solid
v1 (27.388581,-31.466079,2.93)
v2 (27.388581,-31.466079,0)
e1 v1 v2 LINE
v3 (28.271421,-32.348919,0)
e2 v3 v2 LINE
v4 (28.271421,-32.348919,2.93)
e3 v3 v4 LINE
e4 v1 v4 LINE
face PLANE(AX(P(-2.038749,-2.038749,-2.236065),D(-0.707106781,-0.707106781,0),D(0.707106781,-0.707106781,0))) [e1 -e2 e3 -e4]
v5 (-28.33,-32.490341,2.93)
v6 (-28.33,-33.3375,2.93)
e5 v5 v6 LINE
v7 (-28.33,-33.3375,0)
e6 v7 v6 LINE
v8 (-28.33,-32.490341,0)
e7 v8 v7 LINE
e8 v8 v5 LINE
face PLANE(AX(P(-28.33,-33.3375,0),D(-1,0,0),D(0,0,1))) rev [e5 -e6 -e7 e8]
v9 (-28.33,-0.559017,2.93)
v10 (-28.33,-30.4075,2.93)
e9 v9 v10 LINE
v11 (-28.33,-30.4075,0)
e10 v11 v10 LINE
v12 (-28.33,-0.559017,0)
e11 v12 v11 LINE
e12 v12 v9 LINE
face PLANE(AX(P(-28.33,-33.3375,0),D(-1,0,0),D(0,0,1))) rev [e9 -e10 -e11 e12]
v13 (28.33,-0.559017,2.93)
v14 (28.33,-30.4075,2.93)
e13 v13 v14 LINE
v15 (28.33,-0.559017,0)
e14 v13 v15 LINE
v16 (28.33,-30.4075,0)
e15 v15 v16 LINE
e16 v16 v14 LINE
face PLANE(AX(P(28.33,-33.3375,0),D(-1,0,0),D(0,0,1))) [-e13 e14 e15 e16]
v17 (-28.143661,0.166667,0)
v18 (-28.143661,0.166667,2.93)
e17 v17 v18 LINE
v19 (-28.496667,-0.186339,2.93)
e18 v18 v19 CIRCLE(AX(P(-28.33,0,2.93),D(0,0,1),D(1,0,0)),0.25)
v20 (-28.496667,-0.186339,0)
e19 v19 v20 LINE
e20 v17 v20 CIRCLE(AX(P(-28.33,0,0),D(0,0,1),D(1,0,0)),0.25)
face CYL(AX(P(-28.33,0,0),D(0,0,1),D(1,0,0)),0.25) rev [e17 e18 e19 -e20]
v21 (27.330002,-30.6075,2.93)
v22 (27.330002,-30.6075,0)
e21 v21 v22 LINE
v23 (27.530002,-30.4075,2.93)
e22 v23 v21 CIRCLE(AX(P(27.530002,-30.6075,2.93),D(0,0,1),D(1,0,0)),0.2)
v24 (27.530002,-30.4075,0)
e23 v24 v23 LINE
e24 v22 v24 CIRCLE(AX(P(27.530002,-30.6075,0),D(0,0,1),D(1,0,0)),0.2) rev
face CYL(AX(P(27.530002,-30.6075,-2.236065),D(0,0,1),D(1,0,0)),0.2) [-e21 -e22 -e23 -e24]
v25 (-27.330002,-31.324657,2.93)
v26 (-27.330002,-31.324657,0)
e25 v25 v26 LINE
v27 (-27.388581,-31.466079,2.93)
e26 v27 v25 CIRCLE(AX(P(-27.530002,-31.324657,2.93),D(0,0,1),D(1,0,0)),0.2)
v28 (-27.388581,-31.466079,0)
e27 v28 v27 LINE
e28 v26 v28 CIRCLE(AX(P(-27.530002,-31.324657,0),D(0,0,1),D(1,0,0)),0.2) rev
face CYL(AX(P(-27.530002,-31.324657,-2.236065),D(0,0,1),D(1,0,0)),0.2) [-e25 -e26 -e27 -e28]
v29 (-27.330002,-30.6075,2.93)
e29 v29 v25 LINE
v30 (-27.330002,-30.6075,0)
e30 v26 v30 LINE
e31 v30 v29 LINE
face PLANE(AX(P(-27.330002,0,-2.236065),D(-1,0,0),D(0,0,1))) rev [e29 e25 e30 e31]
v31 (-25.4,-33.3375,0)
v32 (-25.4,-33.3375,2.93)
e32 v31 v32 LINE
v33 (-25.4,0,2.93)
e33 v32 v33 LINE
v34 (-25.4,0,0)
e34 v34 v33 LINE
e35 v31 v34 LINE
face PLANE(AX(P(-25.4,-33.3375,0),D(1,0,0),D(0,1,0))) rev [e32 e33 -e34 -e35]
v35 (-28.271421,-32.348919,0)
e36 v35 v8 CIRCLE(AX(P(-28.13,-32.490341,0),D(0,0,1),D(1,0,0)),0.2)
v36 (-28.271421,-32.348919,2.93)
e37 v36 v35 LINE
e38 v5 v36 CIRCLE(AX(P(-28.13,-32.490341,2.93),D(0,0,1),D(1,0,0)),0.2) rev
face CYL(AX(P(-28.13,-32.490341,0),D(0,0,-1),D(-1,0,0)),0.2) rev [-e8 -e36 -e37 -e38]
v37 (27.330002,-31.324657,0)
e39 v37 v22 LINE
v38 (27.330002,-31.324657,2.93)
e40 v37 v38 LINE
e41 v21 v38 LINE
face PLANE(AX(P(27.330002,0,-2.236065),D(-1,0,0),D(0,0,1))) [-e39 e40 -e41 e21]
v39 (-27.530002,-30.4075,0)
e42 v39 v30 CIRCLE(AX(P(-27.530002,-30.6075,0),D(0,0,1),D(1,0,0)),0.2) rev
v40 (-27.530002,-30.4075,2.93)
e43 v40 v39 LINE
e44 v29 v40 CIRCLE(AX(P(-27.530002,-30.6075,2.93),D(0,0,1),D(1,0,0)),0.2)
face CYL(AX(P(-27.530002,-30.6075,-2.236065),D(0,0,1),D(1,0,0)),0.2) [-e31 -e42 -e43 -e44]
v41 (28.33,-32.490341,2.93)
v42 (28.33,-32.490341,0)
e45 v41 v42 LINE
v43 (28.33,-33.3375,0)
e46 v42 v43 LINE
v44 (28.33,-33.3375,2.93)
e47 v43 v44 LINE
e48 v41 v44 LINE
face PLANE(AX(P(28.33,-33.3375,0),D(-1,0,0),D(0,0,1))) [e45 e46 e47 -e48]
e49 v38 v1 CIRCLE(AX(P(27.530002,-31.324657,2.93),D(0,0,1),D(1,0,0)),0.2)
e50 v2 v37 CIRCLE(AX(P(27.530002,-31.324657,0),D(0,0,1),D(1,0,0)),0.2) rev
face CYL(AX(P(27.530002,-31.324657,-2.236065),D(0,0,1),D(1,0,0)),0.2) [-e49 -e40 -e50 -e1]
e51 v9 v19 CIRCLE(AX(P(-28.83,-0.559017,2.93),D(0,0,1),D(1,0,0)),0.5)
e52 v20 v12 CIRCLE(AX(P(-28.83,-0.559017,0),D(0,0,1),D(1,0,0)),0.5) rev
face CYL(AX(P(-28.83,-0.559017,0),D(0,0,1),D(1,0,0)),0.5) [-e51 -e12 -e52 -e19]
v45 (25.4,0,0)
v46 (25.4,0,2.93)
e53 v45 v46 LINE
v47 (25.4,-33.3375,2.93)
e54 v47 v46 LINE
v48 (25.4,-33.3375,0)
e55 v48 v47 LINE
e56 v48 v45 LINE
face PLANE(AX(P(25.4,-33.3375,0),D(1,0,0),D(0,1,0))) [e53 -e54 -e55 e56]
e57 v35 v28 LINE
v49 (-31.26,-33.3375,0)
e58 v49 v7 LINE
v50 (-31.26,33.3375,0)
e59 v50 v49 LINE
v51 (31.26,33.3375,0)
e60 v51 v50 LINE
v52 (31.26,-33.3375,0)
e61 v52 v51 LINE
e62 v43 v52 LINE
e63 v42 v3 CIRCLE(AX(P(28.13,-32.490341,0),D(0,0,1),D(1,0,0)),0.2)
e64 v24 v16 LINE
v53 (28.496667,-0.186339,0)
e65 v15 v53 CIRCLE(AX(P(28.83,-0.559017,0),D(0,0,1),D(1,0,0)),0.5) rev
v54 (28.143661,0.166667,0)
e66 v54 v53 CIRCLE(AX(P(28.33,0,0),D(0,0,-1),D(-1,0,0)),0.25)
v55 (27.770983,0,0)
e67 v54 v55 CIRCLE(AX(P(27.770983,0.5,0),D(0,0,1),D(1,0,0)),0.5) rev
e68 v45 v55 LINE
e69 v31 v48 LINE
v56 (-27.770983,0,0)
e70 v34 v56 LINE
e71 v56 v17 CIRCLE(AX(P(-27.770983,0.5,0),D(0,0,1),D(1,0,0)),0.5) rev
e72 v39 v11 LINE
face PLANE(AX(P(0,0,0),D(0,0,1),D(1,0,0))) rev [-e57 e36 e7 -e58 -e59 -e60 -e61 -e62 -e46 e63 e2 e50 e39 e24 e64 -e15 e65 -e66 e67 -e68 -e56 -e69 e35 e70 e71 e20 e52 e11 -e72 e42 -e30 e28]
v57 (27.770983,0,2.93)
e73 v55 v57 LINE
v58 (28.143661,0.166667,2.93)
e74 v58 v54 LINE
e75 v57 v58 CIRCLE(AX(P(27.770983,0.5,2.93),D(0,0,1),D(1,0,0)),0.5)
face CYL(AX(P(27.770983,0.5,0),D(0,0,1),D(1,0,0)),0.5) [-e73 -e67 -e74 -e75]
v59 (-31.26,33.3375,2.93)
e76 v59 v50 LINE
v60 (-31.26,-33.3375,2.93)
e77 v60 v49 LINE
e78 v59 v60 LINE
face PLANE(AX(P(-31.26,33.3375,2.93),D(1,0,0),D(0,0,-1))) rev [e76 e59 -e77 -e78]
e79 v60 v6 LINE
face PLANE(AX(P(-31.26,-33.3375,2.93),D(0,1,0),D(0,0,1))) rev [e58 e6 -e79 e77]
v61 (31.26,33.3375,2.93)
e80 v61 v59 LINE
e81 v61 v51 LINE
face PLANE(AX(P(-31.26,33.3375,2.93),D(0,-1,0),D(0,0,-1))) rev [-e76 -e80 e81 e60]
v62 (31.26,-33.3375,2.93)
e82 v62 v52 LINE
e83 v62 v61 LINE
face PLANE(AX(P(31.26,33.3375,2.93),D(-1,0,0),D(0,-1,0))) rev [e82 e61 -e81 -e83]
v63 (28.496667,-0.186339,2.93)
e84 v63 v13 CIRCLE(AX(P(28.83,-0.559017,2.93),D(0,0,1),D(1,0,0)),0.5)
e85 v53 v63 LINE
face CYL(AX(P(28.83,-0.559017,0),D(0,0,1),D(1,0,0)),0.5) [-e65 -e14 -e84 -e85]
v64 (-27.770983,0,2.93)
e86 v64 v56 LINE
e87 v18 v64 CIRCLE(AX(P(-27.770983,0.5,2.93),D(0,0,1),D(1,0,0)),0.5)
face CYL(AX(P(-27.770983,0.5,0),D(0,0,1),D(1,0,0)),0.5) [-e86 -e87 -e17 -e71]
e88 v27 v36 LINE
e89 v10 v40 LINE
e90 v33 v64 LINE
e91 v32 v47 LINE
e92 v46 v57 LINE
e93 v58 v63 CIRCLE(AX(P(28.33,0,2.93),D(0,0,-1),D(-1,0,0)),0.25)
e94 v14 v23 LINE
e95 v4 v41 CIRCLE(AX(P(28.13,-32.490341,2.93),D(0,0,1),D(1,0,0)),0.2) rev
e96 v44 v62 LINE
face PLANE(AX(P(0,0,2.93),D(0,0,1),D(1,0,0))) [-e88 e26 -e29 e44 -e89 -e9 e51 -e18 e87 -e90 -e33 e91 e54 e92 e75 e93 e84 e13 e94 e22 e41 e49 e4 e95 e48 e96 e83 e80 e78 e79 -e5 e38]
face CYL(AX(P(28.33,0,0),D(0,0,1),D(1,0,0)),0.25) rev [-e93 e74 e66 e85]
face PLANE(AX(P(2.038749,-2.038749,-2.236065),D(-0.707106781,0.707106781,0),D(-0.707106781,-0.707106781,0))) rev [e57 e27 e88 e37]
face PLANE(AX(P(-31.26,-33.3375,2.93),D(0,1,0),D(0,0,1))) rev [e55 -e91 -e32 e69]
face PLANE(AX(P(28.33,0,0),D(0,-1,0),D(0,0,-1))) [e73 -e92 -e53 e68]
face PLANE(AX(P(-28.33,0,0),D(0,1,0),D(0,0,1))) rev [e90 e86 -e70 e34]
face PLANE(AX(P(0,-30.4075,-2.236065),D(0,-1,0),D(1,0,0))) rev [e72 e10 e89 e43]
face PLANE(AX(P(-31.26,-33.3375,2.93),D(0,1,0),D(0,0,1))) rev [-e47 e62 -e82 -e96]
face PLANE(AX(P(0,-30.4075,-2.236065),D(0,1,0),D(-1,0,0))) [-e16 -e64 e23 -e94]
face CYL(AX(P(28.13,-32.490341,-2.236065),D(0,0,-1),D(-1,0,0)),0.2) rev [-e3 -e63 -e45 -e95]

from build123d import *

# Parameters (mm, degrees)
SKETCH1_W            = 62.519999928
SKETCH1_H            = 66.675
BOSS_EXTRUDE1_DEPTH  = 2.929999982
SKETCH2_W            = 2.929999982
SKETCH2_H            = 33.3375
CUT_EXTRUDE1_DEPTH   = 3.929999982
BOSS_EXTRUDE2_DEPTH  = 2.93
FILLET1_R            = 0.2
SKETCH5_R            = 0.25
CUT_EXTRUDE2_DEPTH   = 3.93
FILLET2_R            = 0.5
FILLET1_OF_MIRROR1_R = 0.2
FILLET2_OF_MIRROR1_R = 0.5


with BuildPart() as part:
    # Sketch1 → Boss-Extrude1 (new body)
    with BuildSketch(Plane.XY):
        Rectangle(SKETCH1_W, SKETCH1_H)
    extrude(amount=BOSS_EXTRUDE1_DEPTH)

    # Sketch2 → Cut-Extrude1 (cut, through all)
    with BuildSketch(Plane.XY.offset(2.929999982)):
        with Locations((-26.864999991, -16.66875)):
            Rectangle(SKETCH2_W, SKETCH2_H)
    cut_extrude1 = extrude(amount=-CUT_EXTRUDE1_DEPTH, mode=Mode.SUBTRACT)

    # Sketch4 → Boss-Extrude2 (add)
    with BuildSketch(Plane.XY.offset(2.929999982)):
        Polygon((-27.330001982, -30.407500018), (-28.329999982, -30.407500018), (-28.329999982, -32.407498018), (-27.330001982, -31.407500018), align=None)
    boss_extrude2 = extrude(amount=-BOSS_EXTRUDE2_DEPTH)

    # Fillet1
    fillet1_edges = [part.edges().sort_by_distance(p)[0] for p in [
        (-27.330001982, -30.407500018, 1.464999982),
        (-28.329999982, -32.407498018, 1.464999982),
        (-27.330001982, -31.407500018, 1.464999982),
    ]]
    fillet(fillet1_edges, radius=FILLET1_R)

    # Sketch5 → Cut-Extrude2 (cut, through all)
    with BuildSketch(Plane.XY.offset(2.929999982)):
        with Locations((-28.329999982, 0)):
            Circle(SKETCH5_R)
    cut_extrude2 = extrude(amount=-CUT_EXTRUDE2_DEPTH, mode=Mode.SUBTRACT)

    # Fillet2
    fillet2_edges = [part.edges().sort_by_distance(p)[0] for p in [
        (-28.079999982, 0, 1.464999991),
        (-28.329999982, -0.25, 1.464999991),
    ]]
    fillet(fillet2_edges, radius=FILLET2_R)

    # Mirror1: Cut-Extrude1, Boss-Extrude2, Cut-Extrude2 across plane
    add(cut_extrude1.mirror(Plane(origin=(0, 0, 0), x_dir=(0, 0, 1), z_dir=(1, 0, 0))), mode=Mode.SUBTRACT)
    add(boss_extrude2.mirror(Plane(origin=(0, 0, 0), x_dir=(0, 0, 1), z_dir=(1, 0, 0))))
    add(cut_extrude2.mirror(Plane(origin=(0, 0, 0), x_dir=(0, 0, 1), z_dir=(1, 0, 0))), mode=Mode.SUBTRACT)

    # Fillet1 of Mirror1
    fillet1_of_mirror1_edges = [part.edges().sort_by_distance(p)[0] for p in [
        (27.330001982, -30.407500018, 1.464999982),
        (28.329999982, -32.407498018, 1.464999982),
        (27.330001982, -31.407500018, 1.464999982),
    ]]
    fillet(fillet1_of_mirror1_edges, radius=FILLET1_OF_MIRROR1_R)

    # Fillet2 of Mirror1
    fillet2_of_mirror1_edges = [part.edges().sort_by_distance(p)[0] for p in [
        (28.079999982, 0, 1.464999991),
        (28.329999982, -0.25, 1.464999991),
    ]]
    fillet(fillet2_of_mirror1_edges, radius=FILLET2_OF_MIRROR1_R)


solid = part.part
